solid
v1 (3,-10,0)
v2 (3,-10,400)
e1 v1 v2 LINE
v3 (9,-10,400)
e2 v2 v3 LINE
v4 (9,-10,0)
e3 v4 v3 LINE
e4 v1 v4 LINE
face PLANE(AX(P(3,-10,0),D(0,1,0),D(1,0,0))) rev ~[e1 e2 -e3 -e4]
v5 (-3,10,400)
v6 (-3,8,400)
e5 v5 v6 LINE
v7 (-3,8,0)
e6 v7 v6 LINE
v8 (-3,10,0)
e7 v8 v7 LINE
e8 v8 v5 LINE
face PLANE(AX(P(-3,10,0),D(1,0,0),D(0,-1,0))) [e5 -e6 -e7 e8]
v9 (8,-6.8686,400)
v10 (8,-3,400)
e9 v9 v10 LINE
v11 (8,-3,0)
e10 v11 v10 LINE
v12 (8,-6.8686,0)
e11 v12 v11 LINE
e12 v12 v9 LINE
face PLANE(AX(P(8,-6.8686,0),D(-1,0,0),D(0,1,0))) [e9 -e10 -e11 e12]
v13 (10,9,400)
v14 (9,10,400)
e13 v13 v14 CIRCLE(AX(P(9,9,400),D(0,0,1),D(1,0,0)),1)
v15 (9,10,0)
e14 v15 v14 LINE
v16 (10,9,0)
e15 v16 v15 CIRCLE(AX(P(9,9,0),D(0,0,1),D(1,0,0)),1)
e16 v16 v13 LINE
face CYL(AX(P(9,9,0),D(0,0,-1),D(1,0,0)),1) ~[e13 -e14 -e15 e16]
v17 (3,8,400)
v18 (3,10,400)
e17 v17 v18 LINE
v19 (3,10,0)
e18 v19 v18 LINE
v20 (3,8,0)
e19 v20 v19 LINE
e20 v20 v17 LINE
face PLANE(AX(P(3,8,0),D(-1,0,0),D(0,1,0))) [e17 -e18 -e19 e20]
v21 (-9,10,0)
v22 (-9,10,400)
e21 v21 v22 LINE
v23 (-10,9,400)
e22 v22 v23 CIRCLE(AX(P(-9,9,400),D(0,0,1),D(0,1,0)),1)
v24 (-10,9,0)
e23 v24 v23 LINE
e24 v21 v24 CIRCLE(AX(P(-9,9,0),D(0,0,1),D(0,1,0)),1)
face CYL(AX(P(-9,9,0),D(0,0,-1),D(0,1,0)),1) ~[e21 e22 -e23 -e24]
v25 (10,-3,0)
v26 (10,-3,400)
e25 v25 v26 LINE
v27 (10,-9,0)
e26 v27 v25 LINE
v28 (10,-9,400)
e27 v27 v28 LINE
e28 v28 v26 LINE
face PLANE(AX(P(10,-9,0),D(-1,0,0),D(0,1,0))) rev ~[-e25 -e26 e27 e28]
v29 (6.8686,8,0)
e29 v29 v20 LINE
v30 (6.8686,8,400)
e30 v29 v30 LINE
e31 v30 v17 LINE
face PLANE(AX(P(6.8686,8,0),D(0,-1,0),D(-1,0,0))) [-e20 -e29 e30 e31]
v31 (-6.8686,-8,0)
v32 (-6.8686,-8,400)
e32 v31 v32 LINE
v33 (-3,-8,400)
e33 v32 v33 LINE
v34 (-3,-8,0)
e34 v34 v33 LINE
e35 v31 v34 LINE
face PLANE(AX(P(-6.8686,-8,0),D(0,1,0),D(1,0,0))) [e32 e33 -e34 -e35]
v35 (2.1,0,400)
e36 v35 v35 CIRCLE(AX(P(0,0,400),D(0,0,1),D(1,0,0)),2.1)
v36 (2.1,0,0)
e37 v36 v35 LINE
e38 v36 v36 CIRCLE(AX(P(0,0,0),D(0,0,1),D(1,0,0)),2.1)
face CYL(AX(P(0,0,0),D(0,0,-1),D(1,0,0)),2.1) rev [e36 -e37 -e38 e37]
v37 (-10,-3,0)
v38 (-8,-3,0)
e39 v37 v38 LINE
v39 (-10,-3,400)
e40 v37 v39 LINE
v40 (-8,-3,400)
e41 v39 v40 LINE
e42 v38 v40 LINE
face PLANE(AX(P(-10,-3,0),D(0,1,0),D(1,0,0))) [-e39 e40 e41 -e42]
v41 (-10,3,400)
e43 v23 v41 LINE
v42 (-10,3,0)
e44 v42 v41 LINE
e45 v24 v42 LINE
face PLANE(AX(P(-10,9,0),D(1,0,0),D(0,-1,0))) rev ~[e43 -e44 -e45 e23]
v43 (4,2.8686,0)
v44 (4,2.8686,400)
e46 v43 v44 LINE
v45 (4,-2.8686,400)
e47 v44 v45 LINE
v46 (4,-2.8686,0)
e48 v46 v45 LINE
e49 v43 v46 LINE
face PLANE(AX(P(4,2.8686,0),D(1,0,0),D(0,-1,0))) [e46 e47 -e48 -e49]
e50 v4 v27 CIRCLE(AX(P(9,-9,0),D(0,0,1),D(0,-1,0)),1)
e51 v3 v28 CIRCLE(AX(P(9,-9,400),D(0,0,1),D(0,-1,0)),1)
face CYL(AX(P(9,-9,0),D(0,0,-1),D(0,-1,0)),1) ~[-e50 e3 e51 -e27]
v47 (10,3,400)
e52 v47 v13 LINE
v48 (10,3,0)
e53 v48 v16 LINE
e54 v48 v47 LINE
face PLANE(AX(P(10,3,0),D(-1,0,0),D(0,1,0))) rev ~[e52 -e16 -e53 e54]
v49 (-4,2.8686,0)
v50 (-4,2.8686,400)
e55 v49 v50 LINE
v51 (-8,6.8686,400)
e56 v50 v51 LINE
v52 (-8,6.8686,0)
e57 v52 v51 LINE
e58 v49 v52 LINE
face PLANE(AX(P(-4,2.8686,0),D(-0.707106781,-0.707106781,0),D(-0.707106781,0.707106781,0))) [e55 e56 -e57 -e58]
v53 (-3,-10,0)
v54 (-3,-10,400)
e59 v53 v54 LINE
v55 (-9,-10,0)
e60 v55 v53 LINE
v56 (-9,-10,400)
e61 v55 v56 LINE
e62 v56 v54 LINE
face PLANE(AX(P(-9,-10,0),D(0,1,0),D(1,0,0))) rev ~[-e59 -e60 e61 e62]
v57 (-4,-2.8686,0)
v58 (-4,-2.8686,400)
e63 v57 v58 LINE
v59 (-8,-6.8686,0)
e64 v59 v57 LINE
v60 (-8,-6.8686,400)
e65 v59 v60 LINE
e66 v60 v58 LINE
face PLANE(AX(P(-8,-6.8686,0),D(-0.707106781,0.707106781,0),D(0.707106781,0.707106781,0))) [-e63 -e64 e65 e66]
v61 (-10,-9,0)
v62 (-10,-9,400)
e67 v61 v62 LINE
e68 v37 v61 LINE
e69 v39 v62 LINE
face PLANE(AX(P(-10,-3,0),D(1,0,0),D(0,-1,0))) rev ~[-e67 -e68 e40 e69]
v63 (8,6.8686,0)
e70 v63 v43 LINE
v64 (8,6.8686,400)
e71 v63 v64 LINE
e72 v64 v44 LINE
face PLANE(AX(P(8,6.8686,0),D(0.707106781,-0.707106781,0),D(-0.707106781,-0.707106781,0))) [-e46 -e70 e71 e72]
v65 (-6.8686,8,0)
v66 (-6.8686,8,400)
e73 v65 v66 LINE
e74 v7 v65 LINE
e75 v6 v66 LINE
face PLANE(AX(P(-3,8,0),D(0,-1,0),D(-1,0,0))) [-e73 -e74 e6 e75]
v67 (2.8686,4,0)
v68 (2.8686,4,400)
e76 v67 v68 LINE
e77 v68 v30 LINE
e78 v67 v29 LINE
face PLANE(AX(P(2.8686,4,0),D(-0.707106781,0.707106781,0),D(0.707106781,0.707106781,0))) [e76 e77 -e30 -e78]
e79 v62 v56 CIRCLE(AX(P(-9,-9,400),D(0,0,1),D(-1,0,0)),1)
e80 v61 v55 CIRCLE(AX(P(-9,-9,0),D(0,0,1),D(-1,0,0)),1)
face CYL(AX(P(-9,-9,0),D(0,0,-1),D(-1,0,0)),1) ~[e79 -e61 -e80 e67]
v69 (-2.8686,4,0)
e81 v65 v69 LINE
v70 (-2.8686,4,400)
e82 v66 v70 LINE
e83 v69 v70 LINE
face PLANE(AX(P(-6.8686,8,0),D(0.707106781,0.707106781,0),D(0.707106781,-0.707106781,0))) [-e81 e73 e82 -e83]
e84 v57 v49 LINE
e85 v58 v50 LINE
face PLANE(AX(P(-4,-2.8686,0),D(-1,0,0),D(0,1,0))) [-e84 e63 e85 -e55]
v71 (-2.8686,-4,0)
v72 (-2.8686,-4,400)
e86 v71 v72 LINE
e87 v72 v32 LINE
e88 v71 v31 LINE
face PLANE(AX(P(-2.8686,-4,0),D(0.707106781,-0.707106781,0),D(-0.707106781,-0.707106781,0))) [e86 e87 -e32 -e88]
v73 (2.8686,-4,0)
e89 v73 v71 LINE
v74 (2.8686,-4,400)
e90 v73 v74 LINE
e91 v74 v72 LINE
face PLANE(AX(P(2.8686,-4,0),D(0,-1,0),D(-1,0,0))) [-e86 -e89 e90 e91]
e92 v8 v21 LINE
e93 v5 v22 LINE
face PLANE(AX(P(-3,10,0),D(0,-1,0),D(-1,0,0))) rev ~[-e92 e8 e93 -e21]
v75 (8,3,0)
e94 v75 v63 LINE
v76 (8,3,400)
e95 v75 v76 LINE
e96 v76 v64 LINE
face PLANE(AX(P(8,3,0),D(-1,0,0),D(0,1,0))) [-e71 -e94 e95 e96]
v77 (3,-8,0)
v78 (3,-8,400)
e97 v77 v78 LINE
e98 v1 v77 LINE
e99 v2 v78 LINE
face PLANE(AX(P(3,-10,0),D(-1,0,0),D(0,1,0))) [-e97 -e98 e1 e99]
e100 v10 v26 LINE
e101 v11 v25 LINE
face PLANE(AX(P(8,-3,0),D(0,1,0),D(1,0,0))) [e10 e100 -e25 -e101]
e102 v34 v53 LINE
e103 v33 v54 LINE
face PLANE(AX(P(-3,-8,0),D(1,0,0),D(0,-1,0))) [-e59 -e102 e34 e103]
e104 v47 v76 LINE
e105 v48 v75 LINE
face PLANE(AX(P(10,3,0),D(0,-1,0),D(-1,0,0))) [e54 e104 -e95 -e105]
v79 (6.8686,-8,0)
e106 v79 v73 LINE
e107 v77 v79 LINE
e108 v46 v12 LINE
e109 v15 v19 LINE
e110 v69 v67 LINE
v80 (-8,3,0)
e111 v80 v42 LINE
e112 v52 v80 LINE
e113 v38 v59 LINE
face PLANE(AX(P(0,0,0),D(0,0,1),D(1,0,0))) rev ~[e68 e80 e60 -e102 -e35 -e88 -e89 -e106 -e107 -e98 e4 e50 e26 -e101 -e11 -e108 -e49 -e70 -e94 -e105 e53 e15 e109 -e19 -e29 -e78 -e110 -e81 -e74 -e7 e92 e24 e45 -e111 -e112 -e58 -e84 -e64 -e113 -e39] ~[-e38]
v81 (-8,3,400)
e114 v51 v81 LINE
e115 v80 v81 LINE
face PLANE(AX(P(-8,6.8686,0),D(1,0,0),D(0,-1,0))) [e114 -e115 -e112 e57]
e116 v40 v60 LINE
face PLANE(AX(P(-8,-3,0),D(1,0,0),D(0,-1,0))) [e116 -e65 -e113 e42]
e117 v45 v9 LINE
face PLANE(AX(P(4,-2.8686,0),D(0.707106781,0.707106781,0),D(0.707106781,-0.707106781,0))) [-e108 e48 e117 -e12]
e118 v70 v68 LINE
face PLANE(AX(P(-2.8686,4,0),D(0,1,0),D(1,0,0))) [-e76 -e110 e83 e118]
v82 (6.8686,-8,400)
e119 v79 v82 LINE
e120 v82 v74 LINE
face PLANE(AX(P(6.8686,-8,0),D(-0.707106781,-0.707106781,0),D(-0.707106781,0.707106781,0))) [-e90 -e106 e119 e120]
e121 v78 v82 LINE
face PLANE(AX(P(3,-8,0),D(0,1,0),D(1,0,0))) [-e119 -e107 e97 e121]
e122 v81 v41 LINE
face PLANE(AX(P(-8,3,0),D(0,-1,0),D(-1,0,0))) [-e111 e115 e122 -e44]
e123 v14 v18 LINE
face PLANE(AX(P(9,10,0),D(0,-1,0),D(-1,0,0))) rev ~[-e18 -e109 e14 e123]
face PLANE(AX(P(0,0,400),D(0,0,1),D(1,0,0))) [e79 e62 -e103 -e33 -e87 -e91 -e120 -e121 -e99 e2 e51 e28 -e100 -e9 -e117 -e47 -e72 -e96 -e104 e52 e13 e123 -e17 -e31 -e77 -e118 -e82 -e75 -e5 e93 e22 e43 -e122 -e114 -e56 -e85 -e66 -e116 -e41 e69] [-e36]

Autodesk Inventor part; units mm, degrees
ref_plane "YZ Plane" through (0, 0, 0) normal (1, 0, 0) x (0, 1, 0)
ref_plane "XZ Plane" through (0, 0, 0) normal (0, 1, 0) x (-1, 0, 0)
ref_plane "XY Plane" through (0, 0, 0) normal (0, 0, 1) x (1, 0, 0)
sketch "スケッチ1" plane through (0, 0, 0) normal (0, 0, 1) x (1, 0, 0)
  line L0 (-10, -10) -> (10, 10) construction
  line L1 (10, -10) -> (-10, 10) construction
  line L2 (10, 3) -> (8, 3)
  line L3 (8, 3) -> (8, 6.8686)
  line L4 (8, 6.8686) -> (4, 2.8686)
  line L5 (4, 2.8686) -> (4, -2.8686)
  line L6 (4, -2.8686) -> (8, -6.8686)
  line L7 (8, -6.8686) -> (8, -3)
  line L8 (8, -3) -> (10, -3)
  line L9 (-10, 0) -> (10, 0) construction
  line L10 (-3, 10) -> (-3, 8)
  line L11 (-3, 8) -> (-6.8686, 8)
  line L12 (-6.8686, 8) -> (-2.8686, 4)
  line L13 (-2.8686, 4) -> (2.8686, 4)
  line L14 (3, 8) -> (3, 10)
  line L15 (2.8686, 4) -> (6.8686, 8)
  line L16 (6.8686, 8) -> (3, 8)
  line L17 (-10, -3) -> (-8, -3)
  line L18 (-8, -3) -> (-8, -6.8686)
  line L19 (-8, -6.8686) -> (-4, -2.8686)
  line L20 (-4, -2.8686) -> (-4, 2.8686)
  line L21 (-8, 3) -> (-10, 3)
  line L22 (-4, 2.8686) -> (-8, 6.8686)
  line L23 (-8, 6.8686) -> (-8, 3)
  line L24 (3, -10) -> (3, -8)
  line L25 (3, -8) -> (6.8686, -8)
  line L26 (6.8686, -8) -> (2.8686, -4)
  line L27 (2.8686, -4) -> (-2.8686, -4)
  line L28 (-3, -8) -> (-3, -10)
  line L29 (-2.8686, -4) -> (-6.8686, -8)
  line L30 (-6.8686, -8) -> (-3, -8)
  line L31 (9, 10) -> (3, 10)
  line L32 (-3, 10) -> (-9, 10)
  line L33 (-10, 9) -> (-10, 3)
  line L34 (-10, -3) -> (-10, -9)
  line L35 (-9, -10) -> (-3, -10)
  line L36 (3, -10) -> (9, -10)
  line L37 (10, -9) -> (10, -3)
  line L38 (10, 3) -> (10, 9)
  circle A0 centre (0, 0) radius 2.1
  arc A1 (-9, 10) -> (-10, 9) centre (-9, 9) ccw
  arc A2 (-10, -9) -> (-9, -10) centre (-9, -9) ccw
  arc A3 (9, -10) -> (10, -9) centre (9, -9) ccw
  arc A4 (10, 9) -> (9, 10) centre (9, 9) ccw
  point P0 (0, 10)
  point P1 (-10, 0)
  point P2 (0, -10)
  dimension "d0" = 2
  dimension "d1" = 6
  dimension "d2" = 4
  dimension "d3" = 0.8
  dimension "d9" = 20
  dimension "d10" = 4.2
  dimension "d11" = 1
extrude "押し出し1" add sketch "スケッチ1" along normal blind 400
properties part number "高剛性フレーム"
